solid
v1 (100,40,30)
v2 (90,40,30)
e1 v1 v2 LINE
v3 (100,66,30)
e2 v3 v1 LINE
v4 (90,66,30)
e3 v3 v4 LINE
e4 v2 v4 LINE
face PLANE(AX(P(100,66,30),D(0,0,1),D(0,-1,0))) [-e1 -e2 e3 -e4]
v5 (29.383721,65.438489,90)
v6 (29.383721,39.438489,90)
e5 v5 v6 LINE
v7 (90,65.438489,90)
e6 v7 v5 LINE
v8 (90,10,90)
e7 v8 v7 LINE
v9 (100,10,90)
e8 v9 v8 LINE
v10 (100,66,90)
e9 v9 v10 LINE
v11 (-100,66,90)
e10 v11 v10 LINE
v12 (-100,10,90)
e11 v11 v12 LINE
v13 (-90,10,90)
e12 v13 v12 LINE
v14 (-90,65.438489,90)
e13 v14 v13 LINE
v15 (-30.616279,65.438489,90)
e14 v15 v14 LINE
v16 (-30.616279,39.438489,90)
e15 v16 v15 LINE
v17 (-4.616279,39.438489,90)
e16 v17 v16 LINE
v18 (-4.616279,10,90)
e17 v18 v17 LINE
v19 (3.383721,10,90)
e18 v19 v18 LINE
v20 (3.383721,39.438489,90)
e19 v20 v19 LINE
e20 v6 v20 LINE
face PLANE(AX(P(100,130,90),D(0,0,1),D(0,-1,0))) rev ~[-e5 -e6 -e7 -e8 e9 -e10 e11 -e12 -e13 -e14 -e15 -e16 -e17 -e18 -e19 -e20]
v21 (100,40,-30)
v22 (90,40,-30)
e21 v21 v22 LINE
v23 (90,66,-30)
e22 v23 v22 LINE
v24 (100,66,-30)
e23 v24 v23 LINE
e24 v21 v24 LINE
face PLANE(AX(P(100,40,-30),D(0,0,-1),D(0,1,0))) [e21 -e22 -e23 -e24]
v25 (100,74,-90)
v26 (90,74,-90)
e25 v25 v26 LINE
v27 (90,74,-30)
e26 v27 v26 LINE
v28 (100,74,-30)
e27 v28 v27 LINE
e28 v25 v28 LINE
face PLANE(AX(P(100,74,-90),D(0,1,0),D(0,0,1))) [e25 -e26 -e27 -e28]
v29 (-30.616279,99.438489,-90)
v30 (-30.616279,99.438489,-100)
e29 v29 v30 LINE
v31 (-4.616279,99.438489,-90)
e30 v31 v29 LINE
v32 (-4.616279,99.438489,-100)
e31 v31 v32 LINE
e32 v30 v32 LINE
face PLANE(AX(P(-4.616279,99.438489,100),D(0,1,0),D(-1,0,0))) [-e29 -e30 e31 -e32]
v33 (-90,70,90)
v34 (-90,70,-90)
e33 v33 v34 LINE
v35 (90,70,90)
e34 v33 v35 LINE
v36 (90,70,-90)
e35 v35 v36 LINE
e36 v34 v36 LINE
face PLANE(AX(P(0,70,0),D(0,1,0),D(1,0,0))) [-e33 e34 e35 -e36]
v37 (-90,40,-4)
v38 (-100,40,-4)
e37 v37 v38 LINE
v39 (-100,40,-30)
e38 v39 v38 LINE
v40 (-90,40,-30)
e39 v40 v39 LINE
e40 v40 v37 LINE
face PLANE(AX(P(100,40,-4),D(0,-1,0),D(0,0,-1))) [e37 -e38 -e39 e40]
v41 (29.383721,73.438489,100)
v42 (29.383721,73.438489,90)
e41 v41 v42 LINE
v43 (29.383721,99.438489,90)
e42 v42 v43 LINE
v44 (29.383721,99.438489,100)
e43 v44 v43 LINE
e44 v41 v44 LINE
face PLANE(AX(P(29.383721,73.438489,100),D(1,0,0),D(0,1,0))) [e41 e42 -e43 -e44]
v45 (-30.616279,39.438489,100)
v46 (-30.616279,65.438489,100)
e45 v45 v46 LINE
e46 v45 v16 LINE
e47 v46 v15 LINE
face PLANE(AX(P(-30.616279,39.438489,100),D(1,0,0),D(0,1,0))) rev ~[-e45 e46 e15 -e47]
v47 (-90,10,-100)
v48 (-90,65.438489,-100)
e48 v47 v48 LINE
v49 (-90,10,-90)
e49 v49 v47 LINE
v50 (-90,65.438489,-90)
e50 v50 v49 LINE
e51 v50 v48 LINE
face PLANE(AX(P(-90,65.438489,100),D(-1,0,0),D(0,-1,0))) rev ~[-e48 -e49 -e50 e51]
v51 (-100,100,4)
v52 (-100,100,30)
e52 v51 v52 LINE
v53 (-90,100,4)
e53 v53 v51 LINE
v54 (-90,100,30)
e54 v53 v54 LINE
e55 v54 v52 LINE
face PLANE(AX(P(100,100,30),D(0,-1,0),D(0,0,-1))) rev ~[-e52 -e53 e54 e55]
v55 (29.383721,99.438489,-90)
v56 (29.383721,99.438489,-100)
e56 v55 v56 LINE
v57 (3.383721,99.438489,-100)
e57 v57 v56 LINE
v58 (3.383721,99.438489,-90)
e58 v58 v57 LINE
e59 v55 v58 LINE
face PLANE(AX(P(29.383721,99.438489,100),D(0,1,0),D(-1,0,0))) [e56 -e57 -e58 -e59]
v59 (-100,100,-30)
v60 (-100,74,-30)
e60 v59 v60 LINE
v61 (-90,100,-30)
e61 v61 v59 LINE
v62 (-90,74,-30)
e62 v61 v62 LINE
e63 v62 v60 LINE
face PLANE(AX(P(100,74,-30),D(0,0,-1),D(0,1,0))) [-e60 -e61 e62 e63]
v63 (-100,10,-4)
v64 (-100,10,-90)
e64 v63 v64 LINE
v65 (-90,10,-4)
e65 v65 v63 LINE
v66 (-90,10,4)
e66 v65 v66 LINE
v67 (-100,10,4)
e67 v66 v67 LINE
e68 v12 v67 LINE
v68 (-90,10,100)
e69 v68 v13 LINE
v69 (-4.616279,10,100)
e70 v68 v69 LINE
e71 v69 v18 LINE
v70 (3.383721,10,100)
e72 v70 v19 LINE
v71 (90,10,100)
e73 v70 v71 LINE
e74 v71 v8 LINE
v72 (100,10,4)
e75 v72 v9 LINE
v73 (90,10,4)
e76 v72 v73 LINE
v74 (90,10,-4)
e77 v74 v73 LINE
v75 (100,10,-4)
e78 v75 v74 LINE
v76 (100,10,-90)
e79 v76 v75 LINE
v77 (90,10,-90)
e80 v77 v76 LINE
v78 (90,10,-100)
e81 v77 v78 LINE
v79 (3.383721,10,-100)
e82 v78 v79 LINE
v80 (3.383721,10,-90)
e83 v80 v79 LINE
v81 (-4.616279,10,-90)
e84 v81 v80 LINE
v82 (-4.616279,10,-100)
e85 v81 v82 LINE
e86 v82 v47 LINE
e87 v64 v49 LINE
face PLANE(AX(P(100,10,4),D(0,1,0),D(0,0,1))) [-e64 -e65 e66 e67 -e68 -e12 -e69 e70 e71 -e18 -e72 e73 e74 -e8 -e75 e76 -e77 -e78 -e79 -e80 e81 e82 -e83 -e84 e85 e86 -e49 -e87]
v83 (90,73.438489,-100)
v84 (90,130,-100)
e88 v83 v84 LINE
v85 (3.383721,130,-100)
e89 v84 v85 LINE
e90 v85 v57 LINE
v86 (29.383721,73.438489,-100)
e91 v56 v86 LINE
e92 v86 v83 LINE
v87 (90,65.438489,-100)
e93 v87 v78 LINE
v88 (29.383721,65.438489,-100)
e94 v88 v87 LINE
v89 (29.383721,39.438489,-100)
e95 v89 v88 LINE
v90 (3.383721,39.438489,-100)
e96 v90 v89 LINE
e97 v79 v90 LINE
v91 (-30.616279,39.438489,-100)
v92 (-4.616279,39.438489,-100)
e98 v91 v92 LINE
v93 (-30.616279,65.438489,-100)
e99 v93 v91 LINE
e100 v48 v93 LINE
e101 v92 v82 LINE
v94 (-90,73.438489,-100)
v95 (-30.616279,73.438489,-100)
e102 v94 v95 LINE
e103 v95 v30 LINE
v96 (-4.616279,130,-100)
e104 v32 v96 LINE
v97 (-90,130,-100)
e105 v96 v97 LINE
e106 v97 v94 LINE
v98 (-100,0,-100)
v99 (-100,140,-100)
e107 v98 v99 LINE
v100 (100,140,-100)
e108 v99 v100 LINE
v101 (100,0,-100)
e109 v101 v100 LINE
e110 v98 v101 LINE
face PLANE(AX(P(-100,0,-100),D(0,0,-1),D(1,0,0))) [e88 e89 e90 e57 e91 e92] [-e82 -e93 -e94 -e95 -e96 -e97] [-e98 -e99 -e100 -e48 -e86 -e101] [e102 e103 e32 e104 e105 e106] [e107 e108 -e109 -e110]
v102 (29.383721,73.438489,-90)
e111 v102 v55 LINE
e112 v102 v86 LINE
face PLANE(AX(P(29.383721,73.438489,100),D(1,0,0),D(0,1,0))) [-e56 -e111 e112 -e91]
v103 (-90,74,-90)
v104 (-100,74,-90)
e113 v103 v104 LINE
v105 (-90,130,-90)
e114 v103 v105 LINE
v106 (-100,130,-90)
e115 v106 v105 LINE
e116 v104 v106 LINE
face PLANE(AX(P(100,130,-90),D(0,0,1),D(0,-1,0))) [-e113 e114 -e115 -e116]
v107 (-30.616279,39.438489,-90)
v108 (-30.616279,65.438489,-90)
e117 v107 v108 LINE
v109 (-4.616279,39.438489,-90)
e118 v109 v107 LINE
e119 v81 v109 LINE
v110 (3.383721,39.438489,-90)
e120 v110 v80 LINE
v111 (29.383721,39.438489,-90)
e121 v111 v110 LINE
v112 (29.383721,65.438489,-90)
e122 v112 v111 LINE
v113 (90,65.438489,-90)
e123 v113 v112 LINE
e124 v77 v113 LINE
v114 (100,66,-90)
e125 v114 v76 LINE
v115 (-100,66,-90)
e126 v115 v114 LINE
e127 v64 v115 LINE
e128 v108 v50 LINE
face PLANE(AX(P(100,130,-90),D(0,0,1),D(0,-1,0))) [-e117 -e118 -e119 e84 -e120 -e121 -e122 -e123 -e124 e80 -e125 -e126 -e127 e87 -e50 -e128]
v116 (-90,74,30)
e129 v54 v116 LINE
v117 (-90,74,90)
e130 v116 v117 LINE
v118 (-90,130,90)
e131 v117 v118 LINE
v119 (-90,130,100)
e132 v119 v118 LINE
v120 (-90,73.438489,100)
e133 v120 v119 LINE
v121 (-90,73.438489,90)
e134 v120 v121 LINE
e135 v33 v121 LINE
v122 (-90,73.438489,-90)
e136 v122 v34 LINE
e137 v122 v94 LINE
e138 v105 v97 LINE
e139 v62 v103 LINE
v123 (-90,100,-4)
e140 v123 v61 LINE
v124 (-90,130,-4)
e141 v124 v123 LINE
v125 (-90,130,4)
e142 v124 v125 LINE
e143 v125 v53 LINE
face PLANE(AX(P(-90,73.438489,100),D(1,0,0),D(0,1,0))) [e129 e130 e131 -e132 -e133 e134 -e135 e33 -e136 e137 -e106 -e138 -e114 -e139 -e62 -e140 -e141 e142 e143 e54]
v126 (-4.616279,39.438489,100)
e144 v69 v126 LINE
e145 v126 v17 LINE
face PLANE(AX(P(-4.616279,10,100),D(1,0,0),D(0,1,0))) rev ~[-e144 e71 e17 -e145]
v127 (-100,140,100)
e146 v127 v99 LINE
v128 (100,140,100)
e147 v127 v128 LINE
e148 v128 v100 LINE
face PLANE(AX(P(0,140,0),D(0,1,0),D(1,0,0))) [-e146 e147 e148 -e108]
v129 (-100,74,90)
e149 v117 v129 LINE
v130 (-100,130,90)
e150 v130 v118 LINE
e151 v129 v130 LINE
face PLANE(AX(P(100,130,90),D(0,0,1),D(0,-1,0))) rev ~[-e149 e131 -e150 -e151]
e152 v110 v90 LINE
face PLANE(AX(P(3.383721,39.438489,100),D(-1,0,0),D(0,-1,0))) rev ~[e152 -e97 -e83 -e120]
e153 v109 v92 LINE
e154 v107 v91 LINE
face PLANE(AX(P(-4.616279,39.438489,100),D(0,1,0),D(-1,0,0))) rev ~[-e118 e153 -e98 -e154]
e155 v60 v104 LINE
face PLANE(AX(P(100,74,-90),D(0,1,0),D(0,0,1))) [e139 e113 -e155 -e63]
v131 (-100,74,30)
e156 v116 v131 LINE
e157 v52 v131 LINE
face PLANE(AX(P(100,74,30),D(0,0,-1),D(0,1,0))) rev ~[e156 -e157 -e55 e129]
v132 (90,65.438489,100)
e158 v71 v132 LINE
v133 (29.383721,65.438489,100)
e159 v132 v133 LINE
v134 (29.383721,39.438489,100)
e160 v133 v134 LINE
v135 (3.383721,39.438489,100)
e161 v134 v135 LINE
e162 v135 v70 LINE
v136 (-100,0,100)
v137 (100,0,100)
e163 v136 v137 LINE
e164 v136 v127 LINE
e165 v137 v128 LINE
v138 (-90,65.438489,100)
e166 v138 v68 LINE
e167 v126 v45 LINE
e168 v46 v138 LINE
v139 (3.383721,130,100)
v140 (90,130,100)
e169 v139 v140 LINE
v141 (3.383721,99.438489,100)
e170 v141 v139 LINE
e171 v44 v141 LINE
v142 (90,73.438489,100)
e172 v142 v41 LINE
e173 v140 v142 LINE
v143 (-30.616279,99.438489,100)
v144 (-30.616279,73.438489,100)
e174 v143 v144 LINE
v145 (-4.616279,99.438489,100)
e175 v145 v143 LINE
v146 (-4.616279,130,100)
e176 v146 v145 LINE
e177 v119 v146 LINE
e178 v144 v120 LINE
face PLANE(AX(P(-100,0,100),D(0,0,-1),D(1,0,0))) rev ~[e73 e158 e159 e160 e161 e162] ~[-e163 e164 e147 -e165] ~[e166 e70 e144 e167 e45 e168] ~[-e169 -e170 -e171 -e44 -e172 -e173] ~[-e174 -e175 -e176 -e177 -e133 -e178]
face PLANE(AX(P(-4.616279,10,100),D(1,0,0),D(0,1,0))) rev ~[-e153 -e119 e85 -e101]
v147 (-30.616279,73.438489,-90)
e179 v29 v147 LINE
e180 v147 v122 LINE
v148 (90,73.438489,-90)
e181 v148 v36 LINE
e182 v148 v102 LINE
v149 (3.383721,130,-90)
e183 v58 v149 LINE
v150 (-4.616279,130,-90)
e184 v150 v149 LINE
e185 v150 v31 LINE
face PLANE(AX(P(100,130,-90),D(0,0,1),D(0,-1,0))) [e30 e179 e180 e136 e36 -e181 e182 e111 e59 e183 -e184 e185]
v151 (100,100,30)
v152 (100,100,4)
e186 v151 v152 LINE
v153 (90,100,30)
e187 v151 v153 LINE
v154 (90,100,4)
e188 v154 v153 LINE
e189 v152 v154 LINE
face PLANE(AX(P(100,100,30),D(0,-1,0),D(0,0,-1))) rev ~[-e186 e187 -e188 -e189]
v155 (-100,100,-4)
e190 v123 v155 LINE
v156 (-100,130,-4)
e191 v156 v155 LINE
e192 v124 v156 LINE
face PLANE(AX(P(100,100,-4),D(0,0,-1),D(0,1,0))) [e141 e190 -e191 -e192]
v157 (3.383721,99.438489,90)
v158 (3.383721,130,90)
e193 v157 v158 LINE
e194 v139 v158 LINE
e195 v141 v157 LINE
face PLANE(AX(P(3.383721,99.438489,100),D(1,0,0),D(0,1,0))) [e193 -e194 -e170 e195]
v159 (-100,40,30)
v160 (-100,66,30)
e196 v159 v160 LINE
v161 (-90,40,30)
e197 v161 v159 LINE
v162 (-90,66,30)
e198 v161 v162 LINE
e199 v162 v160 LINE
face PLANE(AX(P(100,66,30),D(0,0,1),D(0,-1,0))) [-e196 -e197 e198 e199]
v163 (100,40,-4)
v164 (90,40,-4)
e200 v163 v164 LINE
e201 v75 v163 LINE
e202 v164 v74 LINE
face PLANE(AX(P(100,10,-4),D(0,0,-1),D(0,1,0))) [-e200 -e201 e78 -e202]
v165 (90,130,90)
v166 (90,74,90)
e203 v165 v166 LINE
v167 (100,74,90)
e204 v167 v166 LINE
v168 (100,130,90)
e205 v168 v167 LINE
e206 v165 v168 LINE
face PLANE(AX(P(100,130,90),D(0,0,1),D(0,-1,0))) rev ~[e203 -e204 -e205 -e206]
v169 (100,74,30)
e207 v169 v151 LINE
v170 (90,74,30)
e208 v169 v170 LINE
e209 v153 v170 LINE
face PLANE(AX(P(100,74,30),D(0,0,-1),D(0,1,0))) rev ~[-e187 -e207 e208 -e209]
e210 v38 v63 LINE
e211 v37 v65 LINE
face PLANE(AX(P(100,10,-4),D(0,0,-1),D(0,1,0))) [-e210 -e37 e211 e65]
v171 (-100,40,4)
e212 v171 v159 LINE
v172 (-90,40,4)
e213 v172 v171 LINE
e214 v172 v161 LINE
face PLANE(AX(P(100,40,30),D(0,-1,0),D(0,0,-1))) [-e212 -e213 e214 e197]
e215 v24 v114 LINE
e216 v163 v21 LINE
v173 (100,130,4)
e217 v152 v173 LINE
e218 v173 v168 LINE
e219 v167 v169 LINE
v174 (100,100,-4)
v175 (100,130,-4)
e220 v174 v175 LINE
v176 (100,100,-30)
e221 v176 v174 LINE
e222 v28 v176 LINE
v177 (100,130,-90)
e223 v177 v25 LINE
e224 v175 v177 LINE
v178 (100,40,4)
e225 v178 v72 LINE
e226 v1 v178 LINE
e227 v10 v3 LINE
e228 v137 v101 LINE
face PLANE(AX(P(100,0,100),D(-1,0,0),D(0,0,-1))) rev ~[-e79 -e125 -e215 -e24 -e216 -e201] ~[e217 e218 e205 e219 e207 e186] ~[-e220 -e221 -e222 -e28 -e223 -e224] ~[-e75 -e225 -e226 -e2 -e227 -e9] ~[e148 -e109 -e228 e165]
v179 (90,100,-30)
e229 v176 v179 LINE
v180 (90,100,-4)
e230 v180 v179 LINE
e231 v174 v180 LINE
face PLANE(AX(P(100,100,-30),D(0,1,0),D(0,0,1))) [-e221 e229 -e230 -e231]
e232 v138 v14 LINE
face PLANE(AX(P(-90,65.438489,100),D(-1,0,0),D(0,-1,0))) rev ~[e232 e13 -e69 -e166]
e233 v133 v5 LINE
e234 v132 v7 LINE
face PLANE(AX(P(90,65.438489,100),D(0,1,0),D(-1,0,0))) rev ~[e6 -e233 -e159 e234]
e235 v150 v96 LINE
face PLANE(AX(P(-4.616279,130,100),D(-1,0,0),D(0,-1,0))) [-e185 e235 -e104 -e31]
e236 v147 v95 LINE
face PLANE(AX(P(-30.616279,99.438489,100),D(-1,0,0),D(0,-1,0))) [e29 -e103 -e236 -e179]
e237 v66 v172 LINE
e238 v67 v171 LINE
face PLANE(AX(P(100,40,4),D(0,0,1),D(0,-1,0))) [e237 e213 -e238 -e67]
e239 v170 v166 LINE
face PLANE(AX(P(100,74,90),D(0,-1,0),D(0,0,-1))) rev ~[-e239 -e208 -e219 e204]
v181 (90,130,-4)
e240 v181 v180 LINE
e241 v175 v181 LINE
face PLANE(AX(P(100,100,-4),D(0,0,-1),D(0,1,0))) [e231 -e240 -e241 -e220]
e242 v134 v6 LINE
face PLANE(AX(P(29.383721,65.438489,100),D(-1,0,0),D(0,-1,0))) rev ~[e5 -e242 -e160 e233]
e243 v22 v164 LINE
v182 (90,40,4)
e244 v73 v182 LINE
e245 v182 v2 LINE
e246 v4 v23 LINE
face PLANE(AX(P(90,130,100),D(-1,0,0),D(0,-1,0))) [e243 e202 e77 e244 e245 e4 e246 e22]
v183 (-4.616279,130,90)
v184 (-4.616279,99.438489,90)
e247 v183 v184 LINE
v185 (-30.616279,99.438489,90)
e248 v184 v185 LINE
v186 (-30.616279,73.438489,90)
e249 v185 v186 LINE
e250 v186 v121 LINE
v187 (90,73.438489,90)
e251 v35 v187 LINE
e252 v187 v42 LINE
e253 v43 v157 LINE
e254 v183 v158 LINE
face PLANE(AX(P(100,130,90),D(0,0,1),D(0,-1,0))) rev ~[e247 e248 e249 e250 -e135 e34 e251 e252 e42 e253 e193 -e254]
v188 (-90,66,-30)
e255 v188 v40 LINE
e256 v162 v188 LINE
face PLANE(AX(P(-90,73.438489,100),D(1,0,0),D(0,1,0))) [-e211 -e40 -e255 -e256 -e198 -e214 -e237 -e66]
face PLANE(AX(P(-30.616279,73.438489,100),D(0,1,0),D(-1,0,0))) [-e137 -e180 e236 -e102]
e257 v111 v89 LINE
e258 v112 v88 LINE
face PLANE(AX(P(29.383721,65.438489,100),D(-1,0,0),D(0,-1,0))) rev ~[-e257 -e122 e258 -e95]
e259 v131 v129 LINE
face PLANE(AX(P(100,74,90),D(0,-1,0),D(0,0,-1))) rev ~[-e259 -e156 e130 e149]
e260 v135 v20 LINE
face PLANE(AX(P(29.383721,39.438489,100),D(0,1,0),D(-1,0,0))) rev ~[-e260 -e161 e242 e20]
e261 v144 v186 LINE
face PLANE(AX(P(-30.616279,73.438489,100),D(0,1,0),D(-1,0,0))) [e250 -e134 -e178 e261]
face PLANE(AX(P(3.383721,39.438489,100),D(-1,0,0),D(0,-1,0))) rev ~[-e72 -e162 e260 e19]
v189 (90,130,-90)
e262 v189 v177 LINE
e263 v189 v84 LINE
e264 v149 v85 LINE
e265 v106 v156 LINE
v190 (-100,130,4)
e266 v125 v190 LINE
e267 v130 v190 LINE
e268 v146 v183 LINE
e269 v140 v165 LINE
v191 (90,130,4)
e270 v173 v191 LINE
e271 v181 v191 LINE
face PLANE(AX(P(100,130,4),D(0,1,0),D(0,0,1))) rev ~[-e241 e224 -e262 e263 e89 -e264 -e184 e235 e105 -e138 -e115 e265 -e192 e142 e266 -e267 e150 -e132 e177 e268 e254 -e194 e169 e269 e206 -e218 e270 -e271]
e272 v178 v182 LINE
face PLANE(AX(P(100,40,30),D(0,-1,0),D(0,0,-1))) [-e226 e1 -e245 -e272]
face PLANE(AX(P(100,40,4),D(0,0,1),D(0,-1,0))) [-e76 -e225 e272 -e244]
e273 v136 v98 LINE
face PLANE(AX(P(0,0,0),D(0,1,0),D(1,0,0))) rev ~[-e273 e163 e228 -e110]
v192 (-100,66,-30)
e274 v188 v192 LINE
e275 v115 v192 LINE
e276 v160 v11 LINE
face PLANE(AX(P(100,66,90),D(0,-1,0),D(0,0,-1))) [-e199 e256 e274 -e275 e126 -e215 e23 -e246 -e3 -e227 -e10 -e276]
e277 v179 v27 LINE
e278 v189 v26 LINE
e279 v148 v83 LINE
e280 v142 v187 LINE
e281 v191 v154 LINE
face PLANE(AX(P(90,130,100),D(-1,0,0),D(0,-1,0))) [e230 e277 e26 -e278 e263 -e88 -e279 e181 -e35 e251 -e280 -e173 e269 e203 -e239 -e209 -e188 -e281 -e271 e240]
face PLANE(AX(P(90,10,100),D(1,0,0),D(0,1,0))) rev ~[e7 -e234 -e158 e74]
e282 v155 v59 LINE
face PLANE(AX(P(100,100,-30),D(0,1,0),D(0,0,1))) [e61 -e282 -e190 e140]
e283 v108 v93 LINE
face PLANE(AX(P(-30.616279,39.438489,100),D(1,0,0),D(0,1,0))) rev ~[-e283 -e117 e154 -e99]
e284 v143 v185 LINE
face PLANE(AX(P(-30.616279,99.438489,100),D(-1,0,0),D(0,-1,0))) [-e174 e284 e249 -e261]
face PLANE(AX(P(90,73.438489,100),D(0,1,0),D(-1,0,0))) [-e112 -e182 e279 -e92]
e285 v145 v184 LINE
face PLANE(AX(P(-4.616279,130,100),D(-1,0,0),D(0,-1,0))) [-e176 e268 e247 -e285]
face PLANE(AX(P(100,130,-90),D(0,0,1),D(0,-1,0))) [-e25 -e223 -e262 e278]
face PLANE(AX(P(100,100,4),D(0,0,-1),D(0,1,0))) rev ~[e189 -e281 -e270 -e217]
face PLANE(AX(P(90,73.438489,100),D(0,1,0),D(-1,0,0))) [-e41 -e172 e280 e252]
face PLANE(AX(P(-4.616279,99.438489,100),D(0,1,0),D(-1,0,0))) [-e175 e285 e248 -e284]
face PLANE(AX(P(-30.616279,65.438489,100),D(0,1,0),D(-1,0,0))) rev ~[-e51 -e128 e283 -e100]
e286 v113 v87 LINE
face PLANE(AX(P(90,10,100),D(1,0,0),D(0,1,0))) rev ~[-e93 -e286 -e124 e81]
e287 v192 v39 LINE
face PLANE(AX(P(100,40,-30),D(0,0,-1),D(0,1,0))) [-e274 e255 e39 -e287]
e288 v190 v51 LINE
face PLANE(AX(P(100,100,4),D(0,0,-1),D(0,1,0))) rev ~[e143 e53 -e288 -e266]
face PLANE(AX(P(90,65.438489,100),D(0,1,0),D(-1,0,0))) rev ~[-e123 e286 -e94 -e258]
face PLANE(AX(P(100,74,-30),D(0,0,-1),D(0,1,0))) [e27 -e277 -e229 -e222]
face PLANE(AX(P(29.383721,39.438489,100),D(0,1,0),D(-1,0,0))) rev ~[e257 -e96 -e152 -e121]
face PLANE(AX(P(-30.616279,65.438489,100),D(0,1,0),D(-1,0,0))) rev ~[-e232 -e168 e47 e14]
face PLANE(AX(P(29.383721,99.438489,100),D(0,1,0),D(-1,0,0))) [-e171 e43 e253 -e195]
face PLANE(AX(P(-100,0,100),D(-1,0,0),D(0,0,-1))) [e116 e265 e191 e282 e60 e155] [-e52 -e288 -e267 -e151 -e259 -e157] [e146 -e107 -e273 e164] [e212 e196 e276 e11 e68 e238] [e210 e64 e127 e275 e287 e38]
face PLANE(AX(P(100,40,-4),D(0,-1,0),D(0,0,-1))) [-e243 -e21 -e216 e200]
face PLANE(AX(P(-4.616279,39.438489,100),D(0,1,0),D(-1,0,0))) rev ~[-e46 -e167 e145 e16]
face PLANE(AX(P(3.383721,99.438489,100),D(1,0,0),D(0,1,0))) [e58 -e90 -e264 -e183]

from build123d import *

# Parameters (mm, degrees)
SKETCH1_W           = 200
SKETCH1_H           = 200
BOSS_EXTRUDE1_DEPTH = 140
SHELL2_T            = 10
CUT_EXTRUDE2_DEPTH  = 264.818119165
CUT_EXTRUDE3_DEPTH  = 264.818119165
SKETCH4_W           = 180
SKETCH4_H           = 180
BOSS_EXTRUDE3_DEPTH = 4


with BuildPart() as part:
    # Sketch1 → Boss-Extrude1 (new body)
    with BuildSketch(Plane(origin=(0, 0, 0), x_dir=(1, 0, 0), z_dir=(0, 1, 0))):
        Rectangle(SKETCH1_W, SKETCH1_H)
    extrude(amount=BOSS_EXTRUDE1_DEPTH)

    # Shell2 (no face opened: a closed hollow body)
    add(offset(amount=-SHELL2_T, mode=Mode.PRIVATE), mode=Mode.SUBTRACT)

    # Sketch2 → Cut-Extrude2 (cut, through all)
    with BuildSketch(Plane(origin=(100, 0, 0), x_dir=(0, 0, -1), z_dir=(1, 0, 0))):
        Polygon((-30, 40), (-4, 40), (-4, 10), (-90, 10), (-90, 66), (-30, 66), align=None)
        Polygon((-30, 100), (-4, 100), (-4, 130), (-90, 130), (-90, 74), (-30, 74), align=None)
        Polygon((30, 40), (30, 66), (90, 66), (90, 10), (4, 10), (4, 40), align=None)
        Polygon((30, 74), (30, 100), (4, 100), (4, 130), (90, 130), (90, 74), align=None)
    extrude(amount=-CUT_EXTRUDE2_DEPTH, mode=Mode.SUBTRACT)

    # Sketch3 → Cut-Extrude3 (cut, through all)
    with BuildSketch(Plane.XY.offset(100)):
        Polygon((3.383720977, 39.438488697), (3.383720977, 10), (90, 10), (90, 65.438488697), (29.383720977, 65.438488697), (29.383720977, 39.438488697), align=None)
        Polygon((3.383720977, 130), (90, 130), (90, 73.438488697), (29.383720977, 73.438488697), (29.383720977, 99.438488697), (3.383720977, 99.438488697), align=None)
        Polygon((-90, 130), (-4.616279023, 130), (-4.616279023, 99.438488697), (-30.616279023, 99.438488697), (-30.616279023, 73.438488697), (-90, 73.438488697), align=None)
        Polygon((-30.616279023, 65.438488697), (-90, 65.438488697), (-90, 10), (-4.616279023, 10), (-4.616279023, 39.438488697), (-30.616279023, 39.438488697), align=None)
    extrude(amount=-CUT_EXTRUDE3_DEPTH, mode=Mode.SUBTRACT)

    # Sketch4 → Boss-Extrude3 (add)
    with BuildSketch(Plane(origin=(29.307172117, 70, -14.72040922), x_dir=(1, 0, 0), z_dir=(0, 1, 0))):
        with Locations((-29.307172117, -14.72040922)):
            Rectangle(SKETCH4_W, SKETCH4_H)
    extrude(amount=-BOSS_EXTRUDE3_DEPTH)


solid = part.part
